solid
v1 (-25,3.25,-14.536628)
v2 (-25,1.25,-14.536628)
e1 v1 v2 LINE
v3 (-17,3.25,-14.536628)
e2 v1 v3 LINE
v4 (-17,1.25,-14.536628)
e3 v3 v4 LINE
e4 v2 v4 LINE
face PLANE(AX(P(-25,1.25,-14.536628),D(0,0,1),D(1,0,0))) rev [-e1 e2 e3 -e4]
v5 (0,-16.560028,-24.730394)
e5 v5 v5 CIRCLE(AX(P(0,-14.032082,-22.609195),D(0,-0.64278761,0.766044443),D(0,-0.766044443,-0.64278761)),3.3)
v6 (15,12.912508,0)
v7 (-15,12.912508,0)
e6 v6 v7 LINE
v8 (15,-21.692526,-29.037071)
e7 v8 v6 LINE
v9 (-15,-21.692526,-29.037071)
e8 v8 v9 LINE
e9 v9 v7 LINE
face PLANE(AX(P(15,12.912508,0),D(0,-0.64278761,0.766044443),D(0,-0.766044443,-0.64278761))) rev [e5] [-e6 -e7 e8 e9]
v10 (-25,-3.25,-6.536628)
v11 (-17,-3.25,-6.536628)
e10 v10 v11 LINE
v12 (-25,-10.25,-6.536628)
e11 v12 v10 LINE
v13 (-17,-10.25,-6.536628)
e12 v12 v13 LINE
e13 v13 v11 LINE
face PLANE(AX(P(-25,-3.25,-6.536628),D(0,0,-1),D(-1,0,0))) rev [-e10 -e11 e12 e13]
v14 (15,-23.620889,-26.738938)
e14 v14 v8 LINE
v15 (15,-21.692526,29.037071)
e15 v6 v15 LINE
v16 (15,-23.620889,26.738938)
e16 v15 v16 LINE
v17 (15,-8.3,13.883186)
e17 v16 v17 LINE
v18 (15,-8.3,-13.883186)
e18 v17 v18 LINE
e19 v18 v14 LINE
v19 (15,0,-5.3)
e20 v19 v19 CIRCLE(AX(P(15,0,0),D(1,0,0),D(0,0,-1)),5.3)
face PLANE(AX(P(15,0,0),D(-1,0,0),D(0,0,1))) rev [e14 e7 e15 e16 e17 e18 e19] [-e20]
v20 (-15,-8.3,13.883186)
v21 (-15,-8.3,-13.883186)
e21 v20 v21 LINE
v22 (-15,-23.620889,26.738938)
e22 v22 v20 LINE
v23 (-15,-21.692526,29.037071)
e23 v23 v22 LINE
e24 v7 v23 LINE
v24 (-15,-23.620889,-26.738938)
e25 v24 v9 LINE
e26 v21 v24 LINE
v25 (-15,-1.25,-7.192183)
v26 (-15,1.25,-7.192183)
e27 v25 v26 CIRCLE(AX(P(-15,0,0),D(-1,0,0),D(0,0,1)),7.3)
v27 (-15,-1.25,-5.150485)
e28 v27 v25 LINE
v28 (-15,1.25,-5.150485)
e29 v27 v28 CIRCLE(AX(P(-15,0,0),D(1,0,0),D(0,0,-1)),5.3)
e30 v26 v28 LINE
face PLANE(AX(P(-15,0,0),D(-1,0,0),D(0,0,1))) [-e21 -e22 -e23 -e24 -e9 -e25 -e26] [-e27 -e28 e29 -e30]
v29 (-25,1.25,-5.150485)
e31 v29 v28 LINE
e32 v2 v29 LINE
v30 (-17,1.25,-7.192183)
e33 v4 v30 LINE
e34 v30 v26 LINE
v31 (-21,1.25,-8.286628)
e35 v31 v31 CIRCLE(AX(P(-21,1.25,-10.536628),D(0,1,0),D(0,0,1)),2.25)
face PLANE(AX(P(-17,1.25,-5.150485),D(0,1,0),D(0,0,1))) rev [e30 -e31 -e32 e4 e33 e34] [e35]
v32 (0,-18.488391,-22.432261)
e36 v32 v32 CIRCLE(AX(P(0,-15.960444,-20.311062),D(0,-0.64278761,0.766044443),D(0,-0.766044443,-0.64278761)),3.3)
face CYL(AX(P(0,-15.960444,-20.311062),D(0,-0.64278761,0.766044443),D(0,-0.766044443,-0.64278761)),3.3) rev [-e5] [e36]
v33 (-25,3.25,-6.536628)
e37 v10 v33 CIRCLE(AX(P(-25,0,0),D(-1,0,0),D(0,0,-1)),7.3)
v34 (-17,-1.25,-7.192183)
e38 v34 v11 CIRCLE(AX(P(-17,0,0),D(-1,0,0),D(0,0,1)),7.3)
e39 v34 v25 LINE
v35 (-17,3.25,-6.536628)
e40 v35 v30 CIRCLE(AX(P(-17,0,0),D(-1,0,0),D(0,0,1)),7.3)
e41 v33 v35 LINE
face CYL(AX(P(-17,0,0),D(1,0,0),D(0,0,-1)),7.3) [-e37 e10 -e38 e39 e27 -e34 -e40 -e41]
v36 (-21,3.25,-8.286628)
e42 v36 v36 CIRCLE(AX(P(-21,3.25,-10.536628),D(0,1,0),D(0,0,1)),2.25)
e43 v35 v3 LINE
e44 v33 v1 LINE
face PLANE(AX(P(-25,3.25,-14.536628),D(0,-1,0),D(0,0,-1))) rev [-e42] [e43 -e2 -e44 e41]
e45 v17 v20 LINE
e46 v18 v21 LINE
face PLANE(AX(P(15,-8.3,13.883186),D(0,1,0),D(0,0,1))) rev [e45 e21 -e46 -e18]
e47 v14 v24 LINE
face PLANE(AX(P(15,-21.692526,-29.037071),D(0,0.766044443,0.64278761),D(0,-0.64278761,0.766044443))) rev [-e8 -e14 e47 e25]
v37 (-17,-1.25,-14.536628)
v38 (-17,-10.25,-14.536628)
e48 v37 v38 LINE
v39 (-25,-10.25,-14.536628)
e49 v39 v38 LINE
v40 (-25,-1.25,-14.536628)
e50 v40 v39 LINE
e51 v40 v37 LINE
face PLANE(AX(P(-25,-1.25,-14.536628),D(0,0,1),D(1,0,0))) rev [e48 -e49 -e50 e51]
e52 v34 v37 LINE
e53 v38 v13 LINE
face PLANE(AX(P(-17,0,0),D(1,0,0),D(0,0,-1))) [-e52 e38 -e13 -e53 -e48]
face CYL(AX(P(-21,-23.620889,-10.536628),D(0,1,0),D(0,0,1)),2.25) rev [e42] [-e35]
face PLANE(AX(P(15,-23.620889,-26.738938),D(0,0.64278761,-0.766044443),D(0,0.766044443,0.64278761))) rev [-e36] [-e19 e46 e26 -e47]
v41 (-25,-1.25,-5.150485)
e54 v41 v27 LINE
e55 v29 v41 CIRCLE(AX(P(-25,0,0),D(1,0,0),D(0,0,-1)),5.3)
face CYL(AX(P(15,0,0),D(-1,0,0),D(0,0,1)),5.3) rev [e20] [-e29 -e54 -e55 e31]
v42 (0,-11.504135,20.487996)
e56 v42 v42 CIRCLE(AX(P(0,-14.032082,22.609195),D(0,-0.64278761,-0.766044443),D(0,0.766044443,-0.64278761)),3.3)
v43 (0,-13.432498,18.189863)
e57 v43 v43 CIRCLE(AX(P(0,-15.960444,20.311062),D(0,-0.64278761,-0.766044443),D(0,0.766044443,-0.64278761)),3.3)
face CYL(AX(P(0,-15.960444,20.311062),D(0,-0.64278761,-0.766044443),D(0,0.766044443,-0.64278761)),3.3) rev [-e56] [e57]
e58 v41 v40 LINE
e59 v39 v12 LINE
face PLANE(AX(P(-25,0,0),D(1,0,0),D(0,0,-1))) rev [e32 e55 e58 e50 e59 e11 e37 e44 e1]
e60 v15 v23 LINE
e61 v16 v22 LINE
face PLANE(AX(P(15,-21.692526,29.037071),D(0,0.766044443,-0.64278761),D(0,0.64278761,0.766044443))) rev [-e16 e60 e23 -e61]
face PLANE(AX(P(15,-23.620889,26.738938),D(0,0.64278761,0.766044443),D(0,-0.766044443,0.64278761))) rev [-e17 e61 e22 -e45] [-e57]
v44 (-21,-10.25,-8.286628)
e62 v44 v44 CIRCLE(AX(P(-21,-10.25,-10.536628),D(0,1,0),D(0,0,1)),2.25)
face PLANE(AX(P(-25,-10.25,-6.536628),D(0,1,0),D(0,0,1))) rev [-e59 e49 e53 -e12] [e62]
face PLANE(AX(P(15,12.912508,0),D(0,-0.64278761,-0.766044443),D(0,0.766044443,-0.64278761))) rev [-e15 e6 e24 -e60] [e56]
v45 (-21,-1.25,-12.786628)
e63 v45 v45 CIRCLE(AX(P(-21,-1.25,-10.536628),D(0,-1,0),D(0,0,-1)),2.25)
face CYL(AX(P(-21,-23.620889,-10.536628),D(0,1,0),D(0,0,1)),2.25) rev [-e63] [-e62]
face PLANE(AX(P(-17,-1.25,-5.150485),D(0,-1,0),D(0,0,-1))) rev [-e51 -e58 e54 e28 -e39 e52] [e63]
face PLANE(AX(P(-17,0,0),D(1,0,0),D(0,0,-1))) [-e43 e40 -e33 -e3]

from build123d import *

# Parameters (mm, degrees)
SKETCH1_R            = 5.3
BOSS_EXTRUDE1_DEPTH  = 15
M6_CLEARANCE_HOLE1_D = 6.6
BOSS_EXTRUDE3_DEPTH  = 2
BOSS_EXTRUDE2_DEPTH  = 8
SKETCH6_R            = 2.25
CUT_EXTRUDE1_DEPTH   = 27.870888862


with BuildPart() as part:
    # Sketch1 → Boss-Extrude1 (new body, symmetric)
    with BuildSketch(Plane(origin=(0, 0, 0), x_dir=(0, 0, -1), z_dir=(1, 0, 0))):
        Polygon((0, 12.912507763), (-29.037071095, -21.692526033), (-26.738937766, -23.620888862), (-13.883185572, -8.3), (13.883185572, -8.3), (26.738937766, -23.620888862), (29.037071095, -21.692526033), align=None)
        Circle(SKETCH1_R, mode=Mode.SUBTRACT)
    extrude(amount=BOSS_EXTRUDE1_DEPTH, both=True)

    # M6 Clearance Hole1 (through all)
    with Locations(Plane(origin=(0, 3.406774331, 4.060035549), x_dir=(-1, 0, 0), z_dir=(0, -0.64278761, -0.766044443))):
        with Locations((0, -25.282108547)):
            m6_clearance_hole1 = Hole(M6_CLEARANCE_HOLE1_D / 2)

    # Mirror1: M6 Clearance Hole1 across plane
    add(m6_clearance_hole1.mirror(Plane.XY), mode=Mode.SUBTRACT)

    # Sketch7 → Boss-Extrude3 (add)
    with BuildSketch(Plane.ZY.offset(15)):
        with BuildLine():
            Line((-5.150485414, 1.25), (-7.192183257, 1.25))
            ThreePointArc((-7.192183257, 1.25), (7.3, 0), (-7.192183257, -1.25))
            Line((-7.192183257, -1.25), (-5.150485414, -1.25))
            ThreePointArc((-5.150485414, -1.25), (5.3, 0), (-5.150485414, 1.25))
        make_face()
    extrude(amount=BOSS_EXTRUDE3_DEPTH)

    # Sketch5 → Boss-Extrude2 (add)
    with BuildSketch(Plane.ZY.offset(17)):
        with BuildLine():
            Line((-5.150485414, 1.25), (-14.536627571, 1.25))
            Line((-14.536627571, 1.25), (-14.536627571, 3.25))
            Line((-14.536627571, 3.25), (-6.536627571, 3.25))
            ThreePointArc((-6.536627571, 3.25), (7.3, 0), (-6.536627571, -3.25))
            Line((-6.536627571, -3.25), (-6.536627571, -10.25))
            Line((-6.536627571, -10.25), (-14.536627571, -10.25))
            Line((-14.536627571, -10.25), (-14.536627571, -1.25))
            Line((-14.536627571, -1.25), (-5.150485414, -1.25))
            ThreePointArc((-5.150485414, -1.25), (5.3, 0), (-5.150485414, 1.25))
        make_face()
    extrude(amount=BOSS_EXTRUDE2_DEPTH)

    # Sketch6 → Cut-Extrude1 (cut, through all)
    with BuildSketch(Plane(origin=(0, 3.25, 0), x_dir=(1, 0, 0), z_dir=(0, 1, 0))):
        with Locations((-21, 10.536627571)):
            Circle(SKETCH6_R)
    extrude(amount=-CUT_EXTRUDE1_DEPTH, mode=Mode.SUBTRACT)


solid = part.part
